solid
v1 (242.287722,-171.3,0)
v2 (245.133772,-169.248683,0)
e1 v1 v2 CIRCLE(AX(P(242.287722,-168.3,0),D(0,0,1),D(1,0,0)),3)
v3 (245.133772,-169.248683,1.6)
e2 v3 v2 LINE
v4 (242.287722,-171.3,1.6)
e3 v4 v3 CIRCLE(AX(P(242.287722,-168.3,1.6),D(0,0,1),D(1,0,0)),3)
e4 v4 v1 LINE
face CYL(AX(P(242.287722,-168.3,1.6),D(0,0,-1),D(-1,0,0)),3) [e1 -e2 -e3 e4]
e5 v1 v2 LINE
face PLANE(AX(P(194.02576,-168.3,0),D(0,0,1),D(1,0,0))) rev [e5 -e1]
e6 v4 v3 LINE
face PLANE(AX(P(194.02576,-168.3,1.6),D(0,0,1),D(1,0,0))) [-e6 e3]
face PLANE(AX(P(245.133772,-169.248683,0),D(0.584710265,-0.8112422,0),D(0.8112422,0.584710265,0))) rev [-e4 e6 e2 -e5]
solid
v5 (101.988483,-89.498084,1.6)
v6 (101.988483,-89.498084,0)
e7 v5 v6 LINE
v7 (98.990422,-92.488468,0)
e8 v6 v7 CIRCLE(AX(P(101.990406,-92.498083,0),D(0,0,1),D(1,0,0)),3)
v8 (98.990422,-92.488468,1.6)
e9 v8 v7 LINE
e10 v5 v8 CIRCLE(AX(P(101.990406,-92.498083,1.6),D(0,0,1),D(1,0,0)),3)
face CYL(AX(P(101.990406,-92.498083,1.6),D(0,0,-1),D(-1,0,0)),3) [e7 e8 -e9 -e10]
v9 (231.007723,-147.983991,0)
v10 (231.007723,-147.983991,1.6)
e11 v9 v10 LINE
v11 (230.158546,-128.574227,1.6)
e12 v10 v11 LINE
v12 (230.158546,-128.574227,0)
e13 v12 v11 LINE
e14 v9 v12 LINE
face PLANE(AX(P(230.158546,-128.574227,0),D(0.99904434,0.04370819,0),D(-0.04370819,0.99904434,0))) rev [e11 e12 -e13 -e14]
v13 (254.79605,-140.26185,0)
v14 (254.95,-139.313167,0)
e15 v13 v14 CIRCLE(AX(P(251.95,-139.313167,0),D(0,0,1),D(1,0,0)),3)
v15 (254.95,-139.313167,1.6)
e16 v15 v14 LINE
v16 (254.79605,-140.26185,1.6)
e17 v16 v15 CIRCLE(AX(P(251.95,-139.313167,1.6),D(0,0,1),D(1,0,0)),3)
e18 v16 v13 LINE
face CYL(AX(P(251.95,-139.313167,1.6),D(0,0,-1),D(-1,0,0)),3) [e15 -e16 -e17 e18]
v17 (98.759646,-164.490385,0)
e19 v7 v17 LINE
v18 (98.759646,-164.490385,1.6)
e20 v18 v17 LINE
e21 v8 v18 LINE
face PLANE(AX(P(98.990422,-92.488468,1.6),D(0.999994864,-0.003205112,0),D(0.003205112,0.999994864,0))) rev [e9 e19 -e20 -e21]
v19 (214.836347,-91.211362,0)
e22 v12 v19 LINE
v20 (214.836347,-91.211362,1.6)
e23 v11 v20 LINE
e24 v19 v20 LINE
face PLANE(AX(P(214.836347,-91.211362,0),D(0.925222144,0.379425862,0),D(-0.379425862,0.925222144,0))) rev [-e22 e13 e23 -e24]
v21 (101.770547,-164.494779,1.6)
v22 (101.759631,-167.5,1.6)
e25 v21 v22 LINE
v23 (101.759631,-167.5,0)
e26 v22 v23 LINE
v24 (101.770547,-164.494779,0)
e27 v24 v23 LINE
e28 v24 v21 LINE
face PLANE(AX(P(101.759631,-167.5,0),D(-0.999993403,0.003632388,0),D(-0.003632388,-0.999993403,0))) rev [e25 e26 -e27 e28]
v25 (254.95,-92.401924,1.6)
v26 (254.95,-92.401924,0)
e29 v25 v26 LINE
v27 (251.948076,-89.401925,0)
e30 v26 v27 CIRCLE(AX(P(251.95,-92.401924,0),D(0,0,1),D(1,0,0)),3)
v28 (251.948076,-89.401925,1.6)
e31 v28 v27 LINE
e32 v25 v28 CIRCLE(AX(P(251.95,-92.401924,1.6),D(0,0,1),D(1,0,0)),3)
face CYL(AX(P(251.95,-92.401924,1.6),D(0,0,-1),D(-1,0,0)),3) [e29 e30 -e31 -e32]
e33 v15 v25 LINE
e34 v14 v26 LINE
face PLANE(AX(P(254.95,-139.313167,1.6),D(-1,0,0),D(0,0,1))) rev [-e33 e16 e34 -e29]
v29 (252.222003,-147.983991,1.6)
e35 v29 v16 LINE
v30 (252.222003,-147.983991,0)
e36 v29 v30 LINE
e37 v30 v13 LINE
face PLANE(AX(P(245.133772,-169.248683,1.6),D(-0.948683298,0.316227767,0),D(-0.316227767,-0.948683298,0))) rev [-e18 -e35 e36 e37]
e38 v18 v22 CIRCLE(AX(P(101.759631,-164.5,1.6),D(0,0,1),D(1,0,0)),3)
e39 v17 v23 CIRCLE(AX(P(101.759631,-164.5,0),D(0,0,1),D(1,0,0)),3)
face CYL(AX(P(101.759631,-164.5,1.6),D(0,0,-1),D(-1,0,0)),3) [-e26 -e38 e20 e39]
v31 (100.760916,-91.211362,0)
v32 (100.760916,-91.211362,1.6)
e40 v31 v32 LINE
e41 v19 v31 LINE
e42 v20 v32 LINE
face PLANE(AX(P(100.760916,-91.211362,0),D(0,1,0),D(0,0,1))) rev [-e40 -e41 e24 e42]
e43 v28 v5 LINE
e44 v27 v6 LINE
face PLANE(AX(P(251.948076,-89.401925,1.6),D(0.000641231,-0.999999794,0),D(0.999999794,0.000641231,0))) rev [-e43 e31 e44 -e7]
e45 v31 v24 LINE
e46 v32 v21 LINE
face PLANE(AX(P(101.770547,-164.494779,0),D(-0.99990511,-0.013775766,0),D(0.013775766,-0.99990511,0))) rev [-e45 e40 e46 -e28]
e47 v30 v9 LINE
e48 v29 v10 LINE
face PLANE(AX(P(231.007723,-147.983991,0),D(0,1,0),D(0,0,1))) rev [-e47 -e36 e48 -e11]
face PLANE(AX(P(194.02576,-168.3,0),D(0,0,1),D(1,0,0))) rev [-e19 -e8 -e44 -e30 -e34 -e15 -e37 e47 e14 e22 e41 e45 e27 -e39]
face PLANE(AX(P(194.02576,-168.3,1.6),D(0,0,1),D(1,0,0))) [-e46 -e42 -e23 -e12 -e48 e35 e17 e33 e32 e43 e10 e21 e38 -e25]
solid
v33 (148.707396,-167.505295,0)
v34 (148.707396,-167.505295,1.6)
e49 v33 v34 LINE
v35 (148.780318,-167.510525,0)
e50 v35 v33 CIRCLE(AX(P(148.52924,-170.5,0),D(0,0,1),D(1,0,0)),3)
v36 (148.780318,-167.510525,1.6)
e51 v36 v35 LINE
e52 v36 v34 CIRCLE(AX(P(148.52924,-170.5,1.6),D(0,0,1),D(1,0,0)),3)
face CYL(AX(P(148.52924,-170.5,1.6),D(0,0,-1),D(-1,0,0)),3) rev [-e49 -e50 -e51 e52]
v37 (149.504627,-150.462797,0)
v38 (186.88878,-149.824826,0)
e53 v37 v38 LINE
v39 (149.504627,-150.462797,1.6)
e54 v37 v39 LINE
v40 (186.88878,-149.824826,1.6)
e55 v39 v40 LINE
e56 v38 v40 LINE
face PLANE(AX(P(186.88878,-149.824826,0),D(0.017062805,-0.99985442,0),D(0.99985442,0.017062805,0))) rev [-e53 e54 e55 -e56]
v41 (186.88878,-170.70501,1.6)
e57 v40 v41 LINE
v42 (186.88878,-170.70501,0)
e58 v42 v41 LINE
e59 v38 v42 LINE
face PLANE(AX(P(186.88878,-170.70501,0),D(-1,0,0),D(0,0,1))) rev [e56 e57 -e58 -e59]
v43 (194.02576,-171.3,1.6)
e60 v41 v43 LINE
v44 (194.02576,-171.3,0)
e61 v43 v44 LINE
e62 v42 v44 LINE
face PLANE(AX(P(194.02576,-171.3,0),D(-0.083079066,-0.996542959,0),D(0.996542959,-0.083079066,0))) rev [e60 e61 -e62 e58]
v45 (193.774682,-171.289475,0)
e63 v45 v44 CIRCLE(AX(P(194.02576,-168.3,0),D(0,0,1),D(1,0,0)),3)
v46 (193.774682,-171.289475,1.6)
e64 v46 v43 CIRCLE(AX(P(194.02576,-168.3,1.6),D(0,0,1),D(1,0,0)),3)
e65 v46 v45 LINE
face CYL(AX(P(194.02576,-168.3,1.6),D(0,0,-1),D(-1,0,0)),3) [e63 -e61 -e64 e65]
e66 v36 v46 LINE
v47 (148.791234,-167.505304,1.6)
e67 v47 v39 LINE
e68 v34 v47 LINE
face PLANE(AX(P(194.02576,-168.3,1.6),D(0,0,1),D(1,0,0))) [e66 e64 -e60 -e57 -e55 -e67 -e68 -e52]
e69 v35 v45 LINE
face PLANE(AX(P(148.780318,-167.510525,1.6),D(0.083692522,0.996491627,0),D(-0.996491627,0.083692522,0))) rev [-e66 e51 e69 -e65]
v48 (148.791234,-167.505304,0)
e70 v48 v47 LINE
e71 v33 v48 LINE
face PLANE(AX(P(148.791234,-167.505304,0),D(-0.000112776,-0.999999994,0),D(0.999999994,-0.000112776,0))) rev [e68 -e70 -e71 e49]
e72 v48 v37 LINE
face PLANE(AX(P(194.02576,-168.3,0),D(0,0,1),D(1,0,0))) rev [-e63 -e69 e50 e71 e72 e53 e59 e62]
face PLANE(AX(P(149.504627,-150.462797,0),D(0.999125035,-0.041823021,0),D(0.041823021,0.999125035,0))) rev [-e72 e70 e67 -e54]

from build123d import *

# Parameters (mm, degrees)
BOSS_EXTRUDE1_DEPTH = 1.6
CUT_EXTRUDE1_DEPTH  = 308.157536942


with BuildPart() as part:
    # Model → Boss-Extrude1 (new body)
    with BuildSketch(Plane.XY):
        with BuildLine():
            Line((251.9480764, -89.4019249), (101.9884826, -89.4980837))
            ThreePointArc((101.9884826, -89.4980837), (99.871807019, -90.374045054), (98.9904216, -92.4884678))
            Line((98.9904216, -92.4884678), (98.7596462, -164.4903847))
            ThreePointArc((98.7596462, -164.4903847), (99.634913648, -166.617918097), (101.7596308, -167.5))
            Line((101.7596308, -167.5), (148.5292403, -167.5))
            ThreePointArc((148.5292403, -167.5), (148.654889304, -167.502632426), (148.7803178, -167.5105251))
            Line((148.7803178, -167.5105251), (193.7746822, -171.2894749))
            ThreePointArc((193.7746822, -171.2894749), (193.900110696, -171.297367574), (194.0257597, -171.3))
            Line((194.0257597, -171.3), (242.2877223, -171.3))
            ThreePointArc((242.2877223, -171.3), (244.041853134, -170.733726599), (245.1337722, -169.2486834))
            Line((245.1337722, -169.2486834), (254.7960499, -140.2618504))
            ThreePointArc((254.7960499, -140.2618504), (254.911262384, -139.79371378), (254.95, -139.313167))
            Line((254.95, -139.313167), (254.95, -92.4019243))
            ThreePointArc((254.95, -92.4019243), (254.070640145, -90.279923959), (251.9480764, -89.4019249))
        make_face()
    extrude(amount=BOSS_EXTRUDE1_DEPTH)

    # Sketch3 → Cut-Extrude1 (cut, through all)
    with BuildSketch(Plane.XY.offset(1.6)):
        Polygon((100.760916, -91.211362), (214.836347171, -91.211362), (230.158545553, -128.574226947), (231.007722728, -147.98399094), (252.231178861, -147.98399094), (245.1337722, -169.2486834), (242.2877223, -171.3), (194.0257597, -171.3), (186.88878022, -170.705009504), (186.88878022, -149.824825818), (149.504627314, -150.462797195), (148.791233999, -167.505304017), (101.7596308, -167.5), (101.770547, -164.494778897), align=None)
    extrude(amount=-CUT_EXTRUDE1_DEPTH, mode=Mode.SUBTRACT)


with BuildPart() as cut_extrude1_piece_1:
    # of the separate pieces the step leaves, piece 1, a body of its own (cut_extrude1_pieces)
    add(part.part.solids().sort_by_distance((251.9480764, -89.4019249, 0))[0])


with BuildPart() as cut_extrude1_piece_2:
    # of the separate pieces the step leaves, piece 2, a body of its own (cut_extrude1_pieces)
    add(part.part.solids().sort_by_distance((148.791233999, -167.505304017, 0))[0])


with BuildPart() as cut_extrude1_piece_3:
    # of the separate pieces the step leaves, piece 3, a body of its own (cut_extrude1_pieces)
    add(part.part.solids().sort_by_distance((242.2877223, -171.3, 0))[0])


solid = Compound([cut_extrude1_piece_1.part, cut_extrude1_piece_2.part, cut_extrude1_piece_3.part])
